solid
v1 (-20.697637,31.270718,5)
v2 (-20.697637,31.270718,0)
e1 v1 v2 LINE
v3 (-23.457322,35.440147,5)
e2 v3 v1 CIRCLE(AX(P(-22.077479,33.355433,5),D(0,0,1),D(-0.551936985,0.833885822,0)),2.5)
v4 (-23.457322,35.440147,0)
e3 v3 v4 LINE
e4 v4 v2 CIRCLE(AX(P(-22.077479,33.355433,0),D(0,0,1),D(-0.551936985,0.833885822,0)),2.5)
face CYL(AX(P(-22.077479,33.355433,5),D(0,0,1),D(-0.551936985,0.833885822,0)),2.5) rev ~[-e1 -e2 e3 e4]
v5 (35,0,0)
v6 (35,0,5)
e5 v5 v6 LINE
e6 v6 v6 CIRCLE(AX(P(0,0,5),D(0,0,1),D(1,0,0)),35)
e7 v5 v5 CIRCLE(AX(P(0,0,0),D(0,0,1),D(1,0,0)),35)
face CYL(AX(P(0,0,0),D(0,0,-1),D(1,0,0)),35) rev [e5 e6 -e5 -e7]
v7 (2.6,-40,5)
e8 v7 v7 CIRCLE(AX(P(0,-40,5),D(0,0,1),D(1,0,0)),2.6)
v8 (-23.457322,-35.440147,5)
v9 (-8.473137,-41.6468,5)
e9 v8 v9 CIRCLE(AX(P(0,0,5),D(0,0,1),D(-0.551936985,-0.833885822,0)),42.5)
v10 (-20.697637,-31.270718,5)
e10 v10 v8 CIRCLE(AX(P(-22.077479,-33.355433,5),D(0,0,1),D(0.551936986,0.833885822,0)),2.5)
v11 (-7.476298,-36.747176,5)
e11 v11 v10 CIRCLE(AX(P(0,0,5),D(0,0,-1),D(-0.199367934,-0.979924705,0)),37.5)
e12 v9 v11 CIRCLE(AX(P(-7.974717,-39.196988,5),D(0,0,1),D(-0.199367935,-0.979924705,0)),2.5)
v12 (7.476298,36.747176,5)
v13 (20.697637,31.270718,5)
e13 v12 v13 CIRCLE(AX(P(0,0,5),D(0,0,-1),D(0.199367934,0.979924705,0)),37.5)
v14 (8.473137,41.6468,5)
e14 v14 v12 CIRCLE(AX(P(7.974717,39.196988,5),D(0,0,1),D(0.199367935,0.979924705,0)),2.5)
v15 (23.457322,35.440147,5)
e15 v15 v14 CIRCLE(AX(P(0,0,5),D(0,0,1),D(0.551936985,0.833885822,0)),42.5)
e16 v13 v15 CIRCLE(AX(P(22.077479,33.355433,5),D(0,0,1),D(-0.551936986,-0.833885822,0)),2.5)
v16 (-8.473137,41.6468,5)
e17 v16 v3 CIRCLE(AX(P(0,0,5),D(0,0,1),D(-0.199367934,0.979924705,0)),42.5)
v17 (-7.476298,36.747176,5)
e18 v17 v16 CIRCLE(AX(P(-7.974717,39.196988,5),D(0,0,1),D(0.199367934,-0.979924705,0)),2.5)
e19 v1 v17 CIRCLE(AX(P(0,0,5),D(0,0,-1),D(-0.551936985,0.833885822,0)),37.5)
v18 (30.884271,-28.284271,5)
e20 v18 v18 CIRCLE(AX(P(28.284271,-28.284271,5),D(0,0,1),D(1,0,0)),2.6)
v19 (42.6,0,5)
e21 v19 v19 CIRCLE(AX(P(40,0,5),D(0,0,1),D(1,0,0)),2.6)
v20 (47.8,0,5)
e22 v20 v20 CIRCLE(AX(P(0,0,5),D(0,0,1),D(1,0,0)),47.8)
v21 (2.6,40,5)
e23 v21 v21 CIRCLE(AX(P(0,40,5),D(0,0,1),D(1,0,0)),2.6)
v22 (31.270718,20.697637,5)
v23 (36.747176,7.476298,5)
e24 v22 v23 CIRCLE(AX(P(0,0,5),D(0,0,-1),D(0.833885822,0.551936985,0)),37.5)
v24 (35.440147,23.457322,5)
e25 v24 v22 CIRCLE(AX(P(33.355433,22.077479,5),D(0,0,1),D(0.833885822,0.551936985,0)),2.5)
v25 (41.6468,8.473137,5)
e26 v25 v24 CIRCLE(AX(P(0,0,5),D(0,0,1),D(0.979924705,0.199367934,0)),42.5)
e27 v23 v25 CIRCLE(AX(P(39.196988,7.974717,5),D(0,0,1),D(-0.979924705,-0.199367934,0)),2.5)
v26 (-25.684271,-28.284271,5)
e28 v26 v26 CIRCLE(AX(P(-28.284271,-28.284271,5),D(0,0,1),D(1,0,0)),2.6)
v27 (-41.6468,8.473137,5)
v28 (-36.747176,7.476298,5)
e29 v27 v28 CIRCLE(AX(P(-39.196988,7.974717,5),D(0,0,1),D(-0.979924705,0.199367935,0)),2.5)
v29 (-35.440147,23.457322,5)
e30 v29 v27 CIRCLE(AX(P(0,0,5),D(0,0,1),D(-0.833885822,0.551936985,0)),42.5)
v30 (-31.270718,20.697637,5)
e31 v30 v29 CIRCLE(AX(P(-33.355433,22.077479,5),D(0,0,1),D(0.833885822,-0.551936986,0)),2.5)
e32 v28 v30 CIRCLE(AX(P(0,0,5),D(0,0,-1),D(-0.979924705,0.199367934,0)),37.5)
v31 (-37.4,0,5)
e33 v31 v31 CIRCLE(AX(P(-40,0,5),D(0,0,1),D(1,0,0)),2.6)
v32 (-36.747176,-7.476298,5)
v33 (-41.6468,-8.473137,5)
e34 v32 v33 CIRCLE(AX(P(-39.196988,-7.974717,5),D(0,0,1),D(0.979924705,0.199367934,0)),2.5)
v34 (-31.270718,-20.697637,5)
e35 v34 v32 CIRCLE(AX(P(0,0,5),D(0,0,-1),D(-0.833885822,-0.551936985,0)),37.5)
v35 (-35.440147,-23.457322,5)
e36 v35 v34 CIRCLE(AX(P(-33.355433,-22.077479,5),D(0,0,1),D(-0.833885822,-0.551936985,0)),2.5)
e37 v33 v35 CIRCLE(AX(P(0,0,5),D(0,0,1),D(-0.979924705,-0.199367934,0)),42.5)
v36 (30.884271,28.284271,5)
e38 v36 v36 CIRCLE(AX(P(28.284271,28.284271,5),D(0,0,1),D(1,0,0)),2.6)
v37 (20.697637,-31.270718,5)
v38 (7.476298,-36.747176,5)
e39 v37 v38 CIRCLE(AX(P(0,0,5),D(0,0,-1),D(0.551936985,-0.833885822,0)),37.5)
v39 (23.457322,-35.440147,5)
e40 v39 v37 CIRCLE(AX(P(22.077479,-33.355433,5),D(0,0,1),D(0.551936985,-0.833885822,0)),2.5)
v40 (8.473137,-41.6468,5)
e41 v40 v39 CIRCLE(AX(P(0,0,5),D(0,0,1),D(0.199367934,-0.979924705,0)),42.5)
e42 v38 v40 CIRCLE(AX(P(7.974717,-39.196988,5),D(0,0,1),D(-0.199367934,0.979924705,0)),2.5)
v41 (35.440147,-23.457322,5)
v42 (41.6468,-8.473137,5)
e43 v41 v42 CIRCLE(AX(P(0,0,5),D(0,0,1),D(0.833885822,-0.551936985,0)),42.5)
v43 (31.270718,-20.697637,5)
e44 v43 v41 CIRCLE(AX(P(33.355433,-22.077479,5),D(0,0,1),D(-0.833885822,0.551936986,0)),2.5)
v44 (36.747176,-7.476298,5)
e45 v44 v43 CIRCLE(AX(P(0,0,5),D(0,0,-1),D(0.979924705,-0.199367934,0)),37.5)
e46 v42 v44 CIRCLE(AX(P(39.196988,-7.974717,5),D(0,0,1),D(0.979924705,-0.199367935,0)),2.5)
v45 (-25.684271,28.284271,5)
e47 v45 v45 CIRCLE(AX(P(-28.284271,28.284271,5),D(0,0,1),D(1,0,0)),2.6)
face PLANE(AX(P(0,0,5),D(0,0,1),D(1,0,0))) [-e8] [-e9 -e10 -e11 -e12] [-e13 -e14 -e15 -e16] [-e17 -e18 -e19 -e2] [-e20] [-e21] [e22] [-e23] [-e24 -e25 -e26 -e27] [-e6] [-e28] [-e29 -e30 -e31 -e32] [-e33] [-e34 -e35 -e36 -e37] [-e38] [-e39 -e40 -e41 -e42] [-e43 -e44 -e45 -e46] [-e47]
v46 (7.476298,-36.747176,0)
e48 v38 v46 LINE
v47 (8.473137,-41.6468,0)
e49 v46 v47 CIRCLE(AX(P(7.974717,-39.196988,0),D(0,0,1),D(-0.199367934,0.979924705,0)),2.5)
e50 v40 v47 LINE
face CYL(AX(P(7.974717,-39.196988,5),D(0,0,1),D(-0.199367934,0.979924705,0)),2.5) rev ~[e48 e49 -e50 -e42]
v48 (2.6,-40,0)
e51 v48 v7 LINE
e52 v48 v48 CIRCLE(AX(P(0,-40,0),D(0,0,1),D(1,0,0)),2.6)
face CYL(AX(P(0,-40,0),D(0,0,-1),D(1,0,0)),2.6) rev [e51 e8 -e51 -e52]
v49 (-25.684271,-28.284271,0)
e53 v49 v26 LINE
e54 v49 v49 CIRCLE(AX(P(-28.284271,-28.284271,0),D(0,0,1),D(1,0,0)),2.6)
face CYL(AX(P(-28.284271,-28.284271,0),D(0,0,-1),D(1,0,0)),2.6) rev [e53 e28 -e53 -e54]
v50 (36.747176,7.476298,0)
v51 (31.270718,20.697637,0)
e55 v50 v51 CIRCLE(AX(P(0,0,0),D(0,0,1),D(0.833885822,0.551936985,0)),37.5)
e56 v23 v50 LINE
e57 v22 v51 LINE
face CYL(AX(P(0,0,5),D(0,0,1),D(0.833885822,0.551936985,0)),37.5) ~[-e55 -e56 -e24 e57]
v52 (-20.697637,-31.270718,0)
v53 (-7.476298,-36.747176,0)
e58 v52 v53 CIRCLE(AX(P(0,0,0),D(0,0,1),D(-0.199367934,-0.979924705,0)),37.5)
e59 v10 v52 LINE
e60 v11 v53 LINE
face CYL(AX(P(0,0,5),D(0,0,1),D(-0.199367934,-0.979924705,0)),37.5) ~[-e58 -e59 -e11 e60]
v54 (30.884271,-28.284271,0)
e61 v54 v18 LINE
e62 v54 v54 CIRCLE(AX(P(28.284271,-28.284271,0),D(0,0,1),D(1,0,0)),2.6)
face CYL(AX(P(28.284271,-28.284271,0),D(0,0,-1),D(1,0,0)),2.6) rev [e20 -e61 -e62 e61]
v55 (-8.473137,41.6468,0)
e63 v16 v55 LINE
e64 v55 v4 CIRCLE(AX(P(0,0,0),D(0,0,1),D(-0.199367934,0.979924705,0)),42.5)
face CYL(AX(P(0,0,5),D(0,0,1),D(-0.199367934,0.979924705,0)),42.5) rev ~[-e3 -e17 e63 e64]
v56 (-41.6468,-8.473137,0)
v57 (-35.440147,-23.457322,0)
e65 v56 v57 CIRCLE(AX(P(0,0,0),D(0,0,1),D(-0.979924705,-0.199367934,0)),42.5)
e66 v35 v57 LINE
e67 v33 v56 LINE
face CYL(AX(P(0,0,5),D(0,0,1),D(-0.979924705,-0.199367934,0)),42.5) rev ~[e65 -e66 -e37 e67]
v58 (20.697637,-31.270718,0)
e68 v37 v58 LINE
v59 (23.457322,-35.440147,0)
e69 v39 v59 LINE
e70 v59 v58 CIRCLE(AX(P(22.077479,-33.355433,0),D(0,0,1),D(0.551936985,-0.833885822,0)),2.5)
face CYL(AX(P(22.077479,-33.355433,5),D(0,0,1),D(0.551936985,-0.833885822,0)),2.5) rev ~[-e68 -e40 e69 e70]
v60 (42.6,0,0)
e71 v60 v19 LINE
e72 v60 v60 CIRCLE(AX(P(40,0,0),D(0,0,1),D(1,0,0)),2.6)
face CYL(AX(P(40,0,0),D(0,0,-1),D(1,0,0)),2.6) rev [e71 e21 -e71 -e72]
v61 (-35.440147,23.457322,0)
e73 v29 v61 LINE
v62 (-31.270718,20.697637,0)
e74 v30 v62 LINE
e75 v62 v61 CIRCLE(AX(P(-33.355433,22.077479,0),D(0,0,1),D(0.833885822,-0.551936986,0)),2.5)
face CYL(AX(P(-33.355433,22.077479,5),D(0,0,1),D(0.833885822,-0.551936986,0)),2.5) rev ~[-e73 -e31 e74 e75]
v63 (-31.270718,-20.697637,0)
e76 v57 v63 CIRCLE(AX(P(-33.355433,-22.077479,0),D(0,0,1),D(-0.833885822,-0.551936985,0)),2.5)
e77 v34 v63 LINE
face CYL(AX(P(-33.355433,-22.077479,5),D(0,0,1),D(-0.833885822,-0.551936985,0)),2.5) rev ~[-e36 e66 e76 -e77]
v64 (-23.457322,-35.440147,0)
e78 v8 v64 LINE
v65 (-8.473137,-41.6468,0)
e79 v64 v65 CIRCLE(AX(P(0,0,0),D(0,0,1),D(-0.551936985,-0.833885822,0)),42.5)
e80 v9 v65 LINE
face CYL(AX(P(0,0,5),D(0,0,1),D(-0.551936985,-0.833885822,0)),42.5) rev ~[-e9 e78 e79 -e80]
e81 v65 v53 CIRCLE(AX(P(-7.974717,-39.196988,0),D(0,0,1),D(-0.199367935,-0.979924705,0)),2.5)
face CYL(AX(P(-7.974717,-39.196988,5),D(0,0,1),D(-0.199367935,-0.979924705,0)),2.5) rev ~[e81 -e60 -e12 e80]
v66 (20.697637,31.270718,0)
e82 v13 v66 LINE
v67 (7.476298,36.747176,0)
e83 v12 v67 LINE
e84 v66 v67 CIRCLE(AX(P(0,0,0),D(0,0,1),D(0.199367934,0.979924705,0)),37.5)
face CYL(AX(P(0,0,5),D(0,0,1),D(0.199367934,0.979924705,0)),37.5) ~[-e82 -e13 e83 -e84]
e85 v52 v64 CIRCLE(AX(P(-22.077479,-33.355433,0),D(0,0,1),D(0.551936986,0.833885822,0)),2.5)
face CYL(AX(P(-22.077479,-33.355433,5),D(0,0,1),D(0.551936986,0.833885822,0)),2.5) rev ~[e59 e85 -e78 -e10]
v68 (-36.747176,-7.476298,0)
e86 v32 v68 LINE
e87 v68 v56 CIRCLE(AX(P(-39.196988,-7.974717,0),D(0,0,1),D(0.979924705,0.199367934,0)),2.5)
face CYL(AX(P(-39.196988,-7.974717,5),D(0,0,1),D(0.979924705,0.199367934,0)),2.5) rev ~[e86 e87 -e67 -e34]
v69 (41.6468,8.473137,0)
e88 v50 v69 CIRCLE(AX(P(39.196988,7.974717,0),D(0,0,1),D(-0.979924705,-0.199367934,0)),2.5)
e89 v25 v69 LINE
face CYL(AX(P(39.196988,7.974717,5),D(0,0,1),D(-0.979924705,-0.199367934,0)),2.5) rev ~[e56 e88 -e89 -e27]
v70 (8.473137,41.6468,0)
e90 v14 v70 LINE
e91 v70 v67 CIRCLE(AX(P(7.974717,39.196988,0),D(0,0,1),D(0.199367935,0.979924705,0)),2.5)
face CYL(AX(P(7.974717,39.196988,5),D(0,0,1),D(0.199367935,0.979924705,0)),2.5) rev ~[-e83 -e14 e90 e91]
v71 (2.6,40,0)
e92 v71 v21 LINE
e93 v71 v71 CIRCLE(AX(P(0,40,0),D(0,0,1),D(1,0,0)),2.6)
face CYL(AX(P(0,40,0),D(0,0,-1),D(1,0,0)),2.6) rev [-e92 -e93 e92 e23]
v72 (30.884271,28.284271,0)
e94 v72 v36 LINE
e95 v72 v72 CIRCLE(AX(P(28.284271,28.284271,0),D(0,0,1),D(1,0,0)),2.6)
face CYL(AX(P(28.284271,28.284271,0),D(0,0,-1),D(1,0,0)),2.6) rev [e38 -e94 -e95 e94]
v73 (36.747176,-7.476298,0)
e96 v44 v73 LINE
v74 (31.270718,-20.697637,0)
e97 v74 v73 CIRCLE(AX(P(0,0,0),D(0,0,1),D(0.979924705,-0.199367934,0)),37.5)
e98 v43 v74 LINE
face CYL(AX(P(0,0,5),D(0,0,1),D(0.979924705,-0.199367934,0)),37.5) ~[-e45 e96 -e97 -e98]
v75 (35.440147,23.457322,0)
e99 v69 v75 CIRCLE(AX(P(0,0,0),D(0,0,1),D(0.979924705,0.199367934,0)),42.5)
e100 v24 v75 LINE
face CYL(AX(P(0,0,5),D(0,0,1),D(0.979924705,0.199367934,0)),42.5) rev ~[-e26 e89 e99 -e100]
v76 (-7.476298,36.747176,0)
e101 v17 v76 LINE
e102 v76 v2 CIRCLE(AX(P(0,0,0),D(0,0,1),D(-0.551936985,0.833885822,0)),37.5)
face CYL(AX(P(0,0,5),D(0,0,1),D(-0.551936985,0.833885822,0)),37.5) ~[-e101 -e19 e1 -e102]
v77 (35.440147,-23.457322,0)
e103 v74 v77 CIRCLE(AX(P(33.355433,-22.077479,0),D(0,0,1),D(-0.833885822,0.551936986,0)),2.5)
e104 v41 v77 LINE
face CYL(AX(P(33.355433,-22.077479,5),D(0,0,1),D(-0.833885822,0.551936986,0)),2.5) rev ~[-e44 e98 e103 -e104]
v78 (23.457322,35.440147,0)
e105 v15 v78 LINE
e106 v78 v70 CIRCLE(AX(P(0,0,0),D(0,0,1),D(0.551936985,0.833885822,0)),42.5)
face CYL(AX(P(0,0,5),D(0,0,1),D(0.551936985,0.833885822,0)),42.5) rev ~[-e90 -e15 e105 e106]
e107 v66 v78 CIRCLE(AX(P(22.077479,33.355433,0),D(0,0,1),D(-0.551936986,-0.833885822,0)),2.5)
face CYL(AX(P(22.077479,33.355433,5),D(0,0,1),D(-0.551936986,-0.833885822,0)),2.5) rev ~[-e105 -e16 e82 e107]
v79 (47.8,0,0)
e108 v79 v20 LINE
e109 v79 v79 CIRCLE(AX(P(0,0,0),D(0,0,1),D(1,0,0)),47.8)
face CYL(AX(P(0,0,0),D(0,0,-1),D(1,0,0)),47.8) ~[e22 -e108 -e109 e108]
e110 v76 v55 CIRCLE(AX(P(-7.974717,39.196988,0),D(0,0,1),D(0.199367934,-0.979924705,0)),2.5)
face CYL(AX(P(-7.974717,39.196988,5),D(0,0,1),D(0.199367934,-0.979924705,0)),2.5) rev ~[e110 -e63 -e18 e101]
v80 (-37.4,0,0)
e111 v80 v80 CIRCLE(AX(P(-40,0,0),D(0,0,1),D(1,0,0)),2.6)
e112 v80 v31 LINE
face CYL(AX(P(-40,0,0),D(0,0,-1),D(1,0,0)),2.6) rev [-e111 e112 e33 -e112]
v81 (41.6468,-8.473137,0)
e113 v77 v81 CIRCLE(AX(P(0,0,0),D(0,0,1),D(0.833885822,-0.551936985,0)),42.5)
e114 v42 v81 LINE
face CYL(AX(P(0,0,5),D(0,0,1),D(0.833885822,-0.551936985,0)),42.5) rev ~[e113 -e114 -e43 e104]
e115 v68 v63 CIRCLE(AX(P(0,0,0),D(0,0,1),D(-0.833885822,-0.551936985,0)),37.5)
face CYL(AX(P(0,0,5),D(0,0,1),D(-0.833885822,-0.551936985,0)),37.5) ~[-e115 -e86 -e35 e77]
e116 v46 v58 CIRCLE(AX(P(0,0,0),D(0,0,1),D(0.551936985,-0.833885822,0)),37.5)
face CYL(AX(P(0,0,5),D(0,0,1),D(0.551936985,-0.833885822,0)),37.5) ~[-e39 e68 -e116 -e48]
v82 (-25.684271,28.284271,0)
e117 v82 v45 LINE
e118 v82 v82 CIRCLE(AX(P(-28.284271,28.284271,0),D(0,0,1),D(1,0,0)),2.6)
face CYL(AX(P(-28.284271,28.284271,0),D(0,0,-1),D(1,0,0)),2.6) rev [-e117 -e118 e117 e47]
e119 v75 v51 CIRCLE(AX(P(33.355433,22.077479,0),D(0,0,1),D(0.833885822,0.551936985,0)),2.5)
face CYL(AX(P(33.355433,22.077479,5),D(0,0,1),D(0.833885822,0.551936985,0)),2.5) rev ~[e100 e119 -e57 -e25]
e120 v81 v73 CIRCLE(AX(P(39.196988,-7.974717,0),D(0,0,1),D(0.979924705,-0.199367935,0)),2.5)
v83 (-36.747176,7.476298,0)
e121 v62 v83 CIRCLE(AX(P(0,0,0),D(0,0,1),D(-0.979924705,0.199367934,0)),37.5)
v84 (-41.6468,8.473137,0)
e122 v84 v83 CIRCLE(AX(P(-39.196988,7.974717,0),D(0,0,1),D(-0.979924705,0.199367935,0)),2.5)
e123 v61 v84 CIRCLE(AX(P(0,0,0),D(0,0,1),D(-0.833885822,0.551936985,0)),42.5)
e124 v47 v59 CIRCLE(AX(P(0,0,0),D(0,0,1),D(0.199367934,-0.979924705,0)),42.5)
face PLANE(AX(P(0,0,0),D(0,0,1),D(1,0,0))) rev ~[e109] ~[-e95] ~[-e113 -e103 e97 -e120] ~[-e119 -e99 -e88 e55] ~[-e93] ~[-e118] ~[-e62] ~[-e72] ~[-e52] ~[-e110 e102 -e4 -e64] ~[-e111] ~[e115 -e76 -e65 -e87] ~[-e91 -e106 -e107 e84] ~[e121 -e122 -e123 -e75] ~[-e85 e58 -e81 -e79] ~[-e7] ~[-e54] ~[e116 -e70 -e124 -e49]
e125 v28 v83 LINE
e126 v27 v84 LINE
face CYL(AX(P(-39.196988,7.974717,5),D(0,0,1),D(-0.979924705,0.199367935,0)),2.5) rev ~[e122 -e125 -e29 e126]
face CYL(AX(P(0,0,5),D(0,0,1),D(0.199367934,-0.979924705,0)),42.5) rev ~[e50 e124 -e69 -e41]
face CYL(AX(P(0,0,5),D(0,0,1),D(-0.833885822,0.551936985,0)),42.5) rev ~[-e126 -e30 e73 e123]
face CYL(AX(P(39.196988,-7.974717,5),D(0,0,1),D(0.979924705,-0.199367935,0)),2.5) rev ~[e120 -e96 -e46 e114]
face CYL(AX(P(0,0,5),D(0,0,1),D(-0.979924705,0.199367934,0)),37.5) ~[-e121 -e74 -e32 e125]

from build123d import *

# Parameters (mm, degrees)
SKETCH_1_R          = 45
SKETCH_1_R_2        = 2.6
SKETCH_1_R_3        = 35
EXTRUDE_2_DEPTH     = 5
EXTRUDE_START       = -5
SKETCH_3_R          = 47.8
SKETCH_3_R_2        = 45
EXTRUDE_3_DEPTH     = 5
CUT_EXTRUDE_1_DEPTH = 10


with BuildPart() as part:
    # 草图1 → 凸台-拉伸2 (new body)
    with BuildSketch(Plane.XY):
        Circle(SKETCH_1_R)
        with Locations((0, 40)):
            Circle(SKETCH_1_R_2, mode=Mode.SUBTRACT)
        with Locations((28.284271247, 28.284271247)):
            Circle(SKETCH_1_R_2, mode=Mode.SUBTRACT)
        with Locations((40, 0)):
            Circle(SKETCH_1_R_2, mode=Mode.SUBTRACT)
        with Locations((28.284271247, -28.284271247)):
            Circle(SKETCH_1_R_2, mode=Mode.SUBTRACT)
        with Locations((0, -40)):
            Circle(SKETCH_1_R_2, mode=Mode.SUBTRACT)
        with Locations((-28.284271247, -28.284271247)):
            Circle(SKETCH_1_R_2, mode=Mode.SUBTRACT)
        Circle(SKETCH_1_R_3, mode=Mode.SUBTRACT)
        with Locations((-40, 0)):
            Circle(SKETCH_1_R_2, mode=Mode.SUBTRACT)
        with Locations((-28.284271247, 28.284271247)):
            Circle(SKETCH_1_R_2, mode=Mode.SUBTRACT)
    extrude(amount=EXTRUDE_2_DEPTH)

    # 草图3 → 凸台-拉伸3 (add)
    with BuildSketch(Plane.XY.offset(5).offset(EXTRUDE_START)):
        Circle(SKETCH_3_R)
        Circle(SKETCH_3_R_2, mode=Mode.SUBTRACT)
    extrude(amount=EXTRUDE_3_DEPTH)

    # 草图4 → 切除-拉伸1 (cut)
    with BuildSketch(Plane.XY.offset(5)):
        with BuildLine():
            ThreePointArc((-8.473137213, 41.646799946), (-16.264045876, 39.264880132), (-23.457321876, 35.440147438))
            ThreePointArc((-23.457321876, 35.440147438), (-24.162193968, 31.975590419), (-20.697636949, 31.270718328))
            ThreePointArc((-20.697636949, 31.270718328), (-14.350628714, 34.645482469), (-7.476297541, 36.747176423))
            ThreePointArc((-7.476297541, 36.747176423), (-5.524905615, 39.695408021), (-8.473137213, 41.646799946))
        make_face()
        with BuildLine():
            ThreePointArc((23.457321876, 35.440147438), (16.264045876, 39.264880132), (8.473137213, 41.646799946))
            ThreePointArc((8.473137213, 41.646799946), (5.524905615, 39.695408021), (7.476297541, 36.747176423))
            ThreePointArc((7.476297541, 36.747176423), (14.350628714, 34.645482469), (20.697636949, 31.270718328))
            ThreePointArc((20.697636949, 31.270718328), (24.162193968, 31.975590419), (23.457321876, 35.440147438))
        make_face()
        with BuildLine():
            ThreePointArc((41.646799946, 8.473137213), (39.264880132, 16.264045876), (35.440147438, 23.457321876))
            ThreePointArc((35.440147438, 23.457321876), (31.975590419, 24.162193968), (31.270718328, 20.697636949))
            ThreePointArc((31.270718328, 20.697636949), (34.645482469, 14.350628714), (36.747176423, 7.476297541))
            ThreePointArc((36.747176423, 7.476297541), (39.695408021, 5.524905615), (41.646799946, 8.473137213))
        make_face()
        with BuildLine():
            ThreePointArc((35.440147438, -23.457321876), (39.264880132, -16.264045876), (41.646799946, -8.473137213))
            ThreePointArc((41.646799946, -8.473137213), (39.695408021, -5.524905615), (36.747176423, -7.476297541))
            ThreePointArc((36.747176423, -7.476297541), (34.645482469, -14.350628714), (31.270718328, -20.697636949))
            ThreePointArc((31.270718328, -20.697636949), (31.975590419, -24.162193968), (35.440147438, -23.457321876))
        make_face()
        with BuildLine():
            ThreePointArc((8.473137213, -41.646799946), (16.264045876, -39.264880132), (23.457321876, -35.440147438))
            ThreePointArc((23.457321876, -35.440147438), (24.162193968, -31.975590419), (20.697636949, -31.270718328))
            ThreePointArc((20.697636949, -31.270718328), (14.350628714, -34.645482469), (7.476297541, -36.747176423))
            ThreePointArc((7.476297541, -36.747176423), (5.524905615, -39.695408021), (8.473137213, -41.646799946))
        make_face()
        with BuildLine():
            ThreePointArc((-23.457321876, -35.440147438), (-16.264045876, -39.264880132), (-8.473137213, -41.646799946))
            ThreePointArc((-8.473137213, -41.646799946), (-5.524905615, -39.695408021), (-7.476297541, -36.747176423))
            ThreePointArc((-7.476297541, -36.747176423), (-14.350628714, -34.645482469), (-20.697636949, -31.270718328))
            ThreePointArc((-20.697636949, -31.270718328), (-24.162193968, -31.975590419), (-23.457321876, -35.440147438))
        make_face()
        with BuildLine():
            ThreePointArc((-41.646799946, -8.473137213), (-39.264880132, -16.264045876), (-35.440147438, -23.457321876))
            ThreePointArc((-35.440147438, -23.457321876), (-31.975590419, -24.162193968), (-31.270718328, -20.697636949))
            ThreePointArc((-31.270718328, -20.697636949), (-34.645482469, -14.350628714), (-36.747176423, -7.476297541))
            ThreePointArc((-36.747176423, -7.476297541), (-39.695408021, -5.524905615), (-41.646799946, -8.473137213))
        make_face()
        with BuildLine():
            ThreePointArc((-35.440147438, 23.457321876), (-39.264880132, 16.264045876), (-41.646799946, 8.473137213))
            ThreePointArc((-41.646799946, 8.473137213), (-39.695408021, 5.524905615), (-36.747176423, 7.476297541))
            ThreePointArc((-36.747176423, 7.476297541), (-34.645482469, 14.350628714), (-31.270718328, 20.697636949))
            ThreePointArc((-31.270718328, 20.697636949), (-31.975590419, 24.162193968), (-35.440147438, 23.457321876))
        make_face()
    extrude(amount=-CUT_EXTRUDE_1_DEPTH, mode=Mode.SUBTRACT)


solid = part.part
